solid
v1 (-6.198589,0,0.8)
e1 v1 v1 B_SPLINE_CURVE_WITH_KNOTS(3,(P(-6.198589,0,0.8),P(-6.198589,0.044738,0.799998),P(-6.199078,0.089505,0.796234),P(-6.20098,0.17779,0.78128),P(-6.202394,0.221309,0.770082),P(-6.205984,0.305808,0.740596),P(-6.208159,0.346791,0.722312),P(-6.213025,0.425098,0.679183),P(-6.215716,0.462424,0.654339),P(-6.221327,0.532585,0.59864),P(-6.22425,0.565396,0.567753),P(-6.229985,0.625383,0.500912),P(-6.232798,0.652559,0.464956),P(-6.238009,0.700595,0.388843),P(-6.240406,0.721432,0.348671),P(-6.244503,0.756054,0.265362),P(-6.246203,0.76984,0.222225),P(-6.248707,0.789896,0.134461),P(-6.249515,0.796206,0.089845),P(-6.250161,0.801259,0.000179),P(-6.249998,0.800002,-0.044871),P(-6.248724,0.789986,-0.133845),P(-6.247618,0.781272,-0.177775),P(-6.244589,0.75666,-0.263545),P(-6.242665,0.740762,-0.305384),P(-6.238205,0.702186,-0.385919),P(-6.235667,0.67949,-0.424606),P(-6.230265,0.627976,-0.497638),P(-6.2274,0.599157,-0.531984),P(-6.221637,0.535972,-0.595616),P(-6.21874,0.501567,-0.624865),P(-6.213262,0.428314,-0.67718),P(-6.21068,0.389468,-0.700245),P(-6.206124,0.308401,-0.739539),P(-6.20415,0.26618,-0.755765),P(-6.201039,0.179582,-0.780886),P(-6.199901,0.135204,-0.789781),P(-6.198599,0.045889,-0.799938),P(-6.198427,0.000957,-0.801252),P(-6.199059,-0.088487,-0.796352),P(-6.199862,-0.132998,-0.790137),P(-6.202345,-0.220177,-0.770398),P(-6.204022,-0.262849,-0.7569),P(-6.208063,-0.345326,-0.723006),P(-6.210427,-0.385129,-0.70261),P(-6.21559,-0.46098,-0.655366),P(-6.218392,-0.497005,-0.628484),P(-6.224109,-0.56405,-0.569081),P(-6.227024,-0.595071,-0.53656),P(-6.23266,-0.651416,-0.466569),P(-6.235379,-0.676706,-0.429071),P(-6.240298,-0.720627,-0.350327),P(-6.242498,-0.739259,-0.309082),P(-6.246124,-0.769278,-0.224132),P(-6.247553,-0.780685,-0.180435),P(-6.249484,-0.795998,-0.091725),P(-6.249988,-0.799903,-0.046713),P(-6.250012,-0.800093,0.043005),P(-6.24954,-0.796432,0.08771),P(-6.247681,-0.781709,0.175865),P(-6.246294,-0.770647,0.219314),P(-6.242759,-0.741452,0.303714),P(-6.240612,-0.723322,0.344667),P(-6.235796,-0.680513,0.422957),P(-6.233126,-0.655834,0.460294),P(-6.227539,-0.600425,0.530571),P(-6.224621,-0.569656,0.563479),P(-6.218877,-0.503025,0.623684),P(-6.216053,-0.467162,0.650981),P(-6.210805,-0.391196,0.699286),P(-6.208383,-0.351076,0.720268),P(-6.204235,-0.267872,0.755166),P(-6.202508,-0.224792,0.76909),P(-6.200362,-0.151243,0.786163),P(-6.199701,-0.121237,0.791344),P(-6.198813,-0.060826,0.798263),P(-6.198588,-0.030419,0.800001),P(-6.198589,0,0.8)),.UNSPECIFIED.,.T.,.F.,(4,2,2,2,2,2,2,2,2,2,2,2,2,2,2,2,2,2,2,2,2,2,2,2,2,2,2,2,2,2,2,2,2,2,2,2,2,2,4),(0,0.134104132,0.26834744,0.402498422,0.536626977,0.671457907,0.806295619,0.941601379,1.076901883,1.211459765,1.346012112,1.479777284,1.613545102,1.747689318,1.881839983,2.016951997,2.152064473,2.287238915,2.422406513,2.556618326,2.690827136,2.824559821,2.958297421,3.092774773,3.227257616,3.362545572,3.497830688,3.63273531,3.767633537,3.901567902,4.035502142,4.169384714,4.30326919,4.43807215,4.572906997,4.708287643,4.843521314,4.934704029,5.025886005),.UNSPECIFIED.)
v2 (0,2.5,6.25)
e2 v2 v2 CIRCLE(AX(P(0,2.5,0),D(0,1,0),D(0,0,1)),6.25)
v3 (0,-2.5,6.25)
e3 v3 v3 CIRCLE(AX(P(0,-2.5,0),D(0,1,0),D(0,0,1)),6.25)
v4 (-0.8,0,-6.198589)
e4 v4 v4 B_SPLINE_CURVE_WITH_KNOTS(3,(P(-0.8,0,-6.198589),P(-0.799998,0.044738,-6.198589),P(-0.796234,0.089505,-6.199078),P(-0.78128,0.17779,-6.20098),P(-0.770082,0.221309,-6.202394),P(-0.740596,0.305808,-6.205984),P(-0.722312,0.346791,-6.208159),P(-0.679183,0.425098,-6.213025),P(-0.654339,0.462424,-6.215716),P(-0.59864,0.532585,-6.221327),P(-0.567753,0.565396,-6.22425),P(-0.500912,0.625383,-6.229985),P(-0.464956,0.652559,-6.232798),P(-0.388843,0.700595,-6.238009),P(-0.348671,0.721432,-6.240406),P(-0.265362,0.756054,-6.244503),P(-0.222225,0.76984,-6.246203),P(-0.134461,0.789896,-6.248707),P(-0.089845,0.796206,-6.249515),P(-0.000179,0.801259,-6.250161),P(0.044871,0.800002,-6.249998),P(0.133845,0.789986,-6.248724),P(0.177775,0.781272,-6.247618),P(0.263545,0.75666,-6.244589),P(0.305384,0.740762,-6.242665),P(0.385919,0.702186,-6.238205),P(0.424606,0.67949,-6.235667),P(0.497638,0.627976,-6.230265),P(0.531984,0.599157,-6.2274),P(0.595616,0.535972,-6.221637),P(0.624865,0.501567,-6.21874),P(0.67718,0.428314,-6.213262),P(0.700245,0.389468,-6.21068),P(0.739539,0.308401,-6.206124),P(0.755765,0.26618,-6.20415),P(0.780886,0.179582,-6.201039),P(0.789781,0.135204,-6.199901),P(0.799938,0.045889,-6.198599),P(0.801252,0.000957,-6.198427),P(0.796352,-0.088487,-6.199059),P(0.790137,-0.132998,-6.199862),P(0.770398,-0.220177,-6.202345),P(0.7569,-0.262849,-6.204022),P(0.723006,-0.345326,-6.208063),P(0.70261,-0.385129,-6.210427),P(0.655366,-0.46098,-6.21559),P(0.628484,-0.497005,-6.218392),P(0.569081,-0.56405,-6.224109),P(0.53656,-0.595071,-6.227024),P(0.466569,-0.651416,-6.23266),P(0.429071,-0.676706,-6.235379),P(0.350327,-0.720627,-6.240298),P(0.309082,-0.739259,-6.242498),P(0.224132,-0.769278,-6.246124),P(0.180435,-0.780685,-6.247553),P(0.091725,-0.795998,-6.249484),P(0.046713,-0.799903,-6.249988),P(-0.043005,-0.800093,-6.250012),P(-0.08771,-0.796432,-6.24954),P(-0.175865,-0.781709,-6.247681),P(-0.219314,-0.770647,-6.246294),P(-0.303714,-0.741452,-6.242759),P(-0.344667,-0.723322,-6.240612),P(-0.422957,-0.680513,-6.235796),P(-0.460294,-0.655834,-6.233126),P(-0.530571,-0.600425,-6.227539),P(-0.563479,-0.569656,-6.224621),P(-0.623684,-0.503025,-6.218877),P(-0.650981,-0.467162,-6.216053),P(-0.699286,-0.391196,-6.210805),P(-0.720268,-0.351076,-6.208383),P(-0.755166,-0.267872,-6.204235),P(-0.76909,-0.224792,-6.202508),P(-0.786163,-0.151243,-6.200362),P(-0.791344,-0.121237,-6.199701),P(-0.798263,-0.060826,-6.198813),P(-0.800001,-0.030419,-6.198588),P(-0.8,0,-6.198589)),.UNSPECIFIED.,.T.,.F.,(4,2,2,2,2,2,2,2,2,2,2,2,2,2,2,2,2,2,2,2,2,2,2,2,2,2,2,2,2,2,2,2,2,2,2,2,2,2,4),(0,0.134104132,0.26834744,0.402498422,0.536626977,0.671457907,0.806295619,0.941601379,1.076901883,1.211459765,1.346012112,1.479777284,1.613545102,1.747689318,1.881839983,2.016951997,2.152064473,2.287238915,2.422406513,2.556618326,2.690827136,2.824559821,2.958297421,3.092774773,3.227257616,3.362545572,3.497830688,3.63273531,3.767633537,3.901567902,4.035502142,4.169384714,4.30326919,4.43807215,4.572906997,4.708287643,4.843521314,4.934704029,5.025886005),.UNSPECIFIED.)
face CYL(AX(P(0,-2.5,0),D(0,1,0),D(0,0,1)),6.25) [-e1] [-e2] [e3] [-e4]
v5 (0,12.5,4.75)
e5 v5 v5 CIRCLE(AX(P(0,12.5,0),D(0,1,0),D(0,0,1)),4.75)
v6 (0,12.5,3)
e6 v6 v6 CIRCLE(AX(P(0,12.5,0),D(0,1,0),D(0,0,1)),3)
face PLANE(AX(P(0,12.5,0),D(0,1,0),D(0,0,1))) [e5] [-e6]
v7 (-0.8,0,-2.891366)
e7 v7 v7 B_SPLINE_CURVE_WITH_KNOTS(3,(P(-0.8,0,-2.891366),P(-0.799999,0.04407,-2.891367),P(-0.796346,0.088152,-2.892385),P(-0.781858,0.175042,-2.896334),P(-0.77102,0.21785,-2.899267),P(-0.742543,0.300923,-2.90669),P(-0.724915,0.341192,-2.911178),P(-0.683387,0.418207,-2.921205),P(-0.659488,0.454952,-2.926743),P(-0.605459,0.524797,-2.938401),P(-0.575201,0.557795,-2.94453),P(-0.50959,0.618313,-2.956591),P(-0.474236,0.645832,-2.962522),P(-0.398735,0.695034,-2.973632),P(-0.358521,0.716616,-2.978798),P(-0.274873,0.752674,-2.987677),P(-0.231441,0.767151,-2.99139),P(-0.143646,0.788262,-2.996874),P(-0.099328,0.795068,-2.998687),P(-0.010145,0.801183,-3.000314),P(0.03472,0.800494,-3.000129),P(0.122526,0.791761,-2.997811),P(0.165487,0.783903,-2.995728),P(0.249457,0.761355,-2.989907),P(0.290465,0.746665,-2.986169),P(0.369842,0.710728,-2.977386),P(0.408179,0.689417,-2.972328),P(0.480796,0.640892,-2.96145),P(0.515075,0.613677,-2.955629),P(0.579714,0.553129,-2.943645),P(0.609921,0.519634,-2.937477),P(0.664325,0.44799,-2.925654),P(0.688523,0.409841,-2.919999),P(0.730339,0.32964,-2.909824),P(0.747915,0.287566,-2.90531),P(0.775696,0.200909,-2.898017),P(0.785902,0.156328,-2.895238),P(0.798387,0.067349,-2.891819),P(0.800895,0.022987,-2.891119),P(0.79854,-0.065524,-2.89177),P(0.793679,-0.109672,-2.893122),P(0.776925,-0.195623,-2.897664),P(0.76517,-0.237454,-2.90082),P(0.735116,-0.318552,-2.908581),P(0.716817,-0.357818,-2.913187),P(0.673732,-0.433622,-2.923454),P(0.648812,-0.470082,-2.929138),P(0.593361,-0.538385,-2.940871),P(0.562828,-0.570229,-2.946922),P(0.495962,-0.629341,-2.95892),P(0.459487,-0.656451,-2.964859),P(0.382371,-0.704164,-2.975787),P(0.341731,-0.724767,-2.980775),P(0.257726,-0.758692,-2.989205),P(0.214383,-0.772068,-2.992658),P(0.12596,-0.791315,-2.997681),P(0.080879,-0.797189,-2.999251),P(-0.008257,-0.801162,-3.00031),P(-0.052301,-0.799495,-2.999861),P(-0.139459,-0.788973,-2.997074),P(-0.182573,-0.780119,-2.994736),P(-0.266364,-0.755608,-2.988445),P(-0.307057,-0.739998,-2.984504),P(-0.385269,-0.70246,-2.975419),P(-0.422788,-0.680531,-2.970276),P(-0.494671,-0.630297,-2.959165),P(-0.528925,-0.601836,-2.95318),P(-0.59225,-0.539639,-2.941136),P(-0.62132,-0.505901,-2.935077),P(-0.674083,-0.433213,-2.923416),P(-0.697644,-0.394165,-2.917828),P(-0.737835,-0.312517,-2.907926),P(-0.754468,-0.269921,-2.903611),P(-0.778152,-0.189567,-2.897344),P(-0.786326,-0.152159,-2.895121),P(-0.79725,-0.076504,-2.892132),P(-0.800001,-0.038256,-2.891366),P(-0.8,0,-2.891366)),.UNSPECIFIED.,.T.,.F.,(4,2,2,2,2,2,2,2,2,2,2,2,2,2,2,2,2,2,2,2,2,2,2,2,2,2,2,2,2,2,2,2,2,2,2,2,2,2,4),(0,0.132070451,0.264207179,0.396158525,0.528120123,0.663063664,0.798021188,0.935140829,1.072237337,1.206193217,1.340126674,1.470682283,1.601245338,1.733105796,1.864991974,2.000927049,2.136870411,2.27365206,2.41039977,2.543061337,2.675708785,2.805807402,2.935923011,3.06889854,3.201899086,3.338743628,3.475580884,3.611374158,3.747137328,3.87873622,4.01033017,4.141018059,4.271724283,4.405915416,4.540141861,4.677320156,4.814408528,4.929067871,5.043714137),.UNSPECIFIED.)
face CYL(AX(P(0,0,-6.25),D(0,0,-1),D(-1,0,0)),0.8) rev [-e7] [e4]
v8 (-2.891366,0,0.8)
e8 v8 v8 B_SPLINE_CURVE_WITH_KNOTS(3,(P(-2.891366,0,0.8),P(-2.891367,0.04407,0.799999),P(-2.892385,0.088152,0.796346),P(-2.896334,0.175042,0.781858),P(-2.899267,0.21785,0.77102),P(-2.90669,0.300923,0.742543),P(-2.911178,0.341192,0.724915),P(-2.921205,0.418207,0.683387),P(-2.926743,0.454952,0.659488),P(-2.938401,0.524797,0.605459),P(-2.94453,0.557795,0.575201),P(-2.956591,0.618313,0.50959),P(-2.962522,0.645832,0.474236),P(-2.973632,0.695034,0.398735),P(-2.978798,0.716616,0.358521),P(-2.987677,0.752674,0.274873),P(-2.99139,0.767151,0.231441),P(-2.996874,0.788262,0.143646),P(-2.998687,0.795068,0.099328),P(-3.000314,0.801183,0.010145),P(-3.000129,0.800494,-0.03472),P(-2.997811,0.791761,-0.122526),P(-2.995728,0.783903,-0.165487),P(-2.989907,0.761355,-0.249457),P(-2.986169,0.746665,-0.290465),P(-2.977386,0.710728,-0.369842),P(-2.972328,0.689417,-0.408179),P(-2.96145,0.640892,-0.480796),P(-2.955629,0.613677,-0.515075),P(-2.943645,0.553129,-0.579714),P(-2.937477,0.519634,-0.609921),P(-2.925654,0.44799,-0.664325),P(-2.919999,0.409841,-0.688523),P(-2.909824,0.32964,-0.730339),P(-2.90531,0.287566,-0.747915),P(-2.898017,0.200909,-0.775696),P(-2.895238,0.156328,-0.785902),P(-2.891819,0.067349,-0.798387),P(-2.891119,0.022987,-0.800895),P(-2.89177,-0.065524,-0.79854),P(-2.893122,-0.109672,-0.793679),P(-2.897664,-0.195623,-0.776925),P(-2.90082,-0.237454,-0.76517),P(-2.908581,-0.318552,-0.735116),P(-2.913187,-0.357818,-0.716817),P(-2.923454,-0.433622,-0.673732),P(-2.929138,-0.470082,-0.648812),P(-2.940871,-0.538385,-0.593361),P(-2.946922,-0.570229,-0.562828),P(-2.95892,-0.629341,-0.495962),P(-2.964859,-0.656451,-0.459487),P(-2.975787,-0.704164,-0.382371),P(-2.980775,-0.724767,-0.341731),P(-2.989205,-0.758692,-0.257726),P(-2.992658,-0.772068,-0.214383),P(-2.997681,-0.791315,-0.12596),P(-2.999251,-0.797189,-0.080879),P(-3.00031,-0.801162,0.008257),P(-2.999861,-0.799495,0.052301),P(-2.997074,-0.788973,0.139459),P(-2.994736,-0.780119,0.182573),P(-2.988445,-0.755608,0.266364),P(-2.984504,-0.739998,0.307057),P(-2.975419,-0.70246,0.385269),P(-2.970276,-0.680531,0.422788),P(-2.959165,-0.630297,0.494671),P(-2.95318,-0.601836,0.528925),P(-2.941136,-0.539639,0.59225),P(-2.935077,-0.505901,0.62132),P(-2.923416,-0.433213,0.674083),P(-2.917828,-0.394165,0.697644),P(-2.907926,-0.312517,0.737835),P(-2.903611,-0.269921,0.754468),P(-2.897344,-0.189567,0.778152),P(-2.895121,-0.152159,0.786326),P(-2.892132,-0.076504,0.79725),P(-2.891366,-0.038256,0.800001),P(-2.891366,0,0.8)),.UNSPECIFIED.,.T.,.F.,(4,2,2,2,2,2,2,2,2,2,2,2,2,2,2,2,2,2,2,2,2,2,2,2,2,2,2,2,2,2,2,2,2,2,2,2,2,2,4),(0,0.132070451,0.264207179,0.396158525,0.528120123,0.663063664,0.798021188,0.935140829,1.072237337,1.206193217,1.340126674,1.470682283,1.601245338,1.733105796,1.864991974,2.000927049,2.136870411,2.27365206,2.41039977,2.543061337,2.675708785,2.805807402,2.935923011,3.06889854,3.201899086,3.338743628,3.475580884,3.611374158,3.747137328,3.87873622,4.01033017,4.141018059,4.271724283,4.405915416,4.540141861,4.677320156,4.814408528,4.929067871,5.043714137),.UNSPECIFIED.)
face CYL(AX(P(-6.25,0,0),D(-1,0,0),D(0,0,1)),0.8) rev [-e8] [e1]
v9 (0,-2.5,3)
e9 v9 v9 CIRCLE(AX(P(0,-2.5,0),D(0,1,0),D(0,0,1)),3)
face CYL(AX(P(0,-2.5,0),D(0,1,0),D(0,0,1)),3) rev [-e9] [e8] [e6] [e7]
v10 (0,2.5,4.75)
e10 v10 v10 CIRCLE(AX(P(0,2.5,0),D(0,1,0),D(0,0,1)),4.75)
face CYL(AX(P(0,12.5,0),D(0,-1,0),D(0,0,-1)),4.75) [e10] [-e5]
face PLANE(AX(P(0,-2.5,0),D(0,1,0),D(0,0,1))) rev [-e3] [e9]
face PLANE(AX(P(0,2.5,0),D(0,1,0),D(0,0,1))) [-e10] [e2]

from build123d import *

# Parameters (mm, degrees)
SKETCH1_R                           = 6.25
SKETCH1_R_2                         = 3
EXTRUDE1_DEPTH                      = 2.5
EXTRUDE1_DEPTH_BACK                 = 2.5
SKETCH2_R                           = 4.75
SKETCH2_R_2                         = 3
EXTRUDE2_DEPTH                      = 10
M2X0_4_TAPPED_HOLE1_D               = 1.6
M2X0_4_TAPPED_HOLE1_DEPTH           = 5.2
M2X0_4_TAPPED_HOLE1_TIP             = 0.480688495
M2X0_4_TAPPED_HOLE1_ON_FACE_2_D     = 1.6
M2X0_4_TAPPED_HOLE1_ON_FACE_2_DEPTH = 5.2
M2X0_4_TAPPED_HOLE1_ON_FACE_2_TIP   = 0.480688495


with BuildPart() as part:
    # Sketch1 → Extrude1 (new body, two sides)
    with BuildSketch(Plane(origin=(0, 0, 0), x_dir=(1, 0, 0), z_dir=(0, 1, 0))) as extrude1_sk:
        with Locations(Location((0, 0, 0), (0, 0, 270))):  # turned: the seam where the file's is
            Circle(SKETCH1_R)
        with Locations(Location((0, 0, 0), (0, 0, 270))):  # turned: the seam where the file's is
            Circle(SKETCH1_R_2, mode=Mode.SUBTRACT)
    extrude(amount=EXTRUDE1_DEPTH)
    extrude(extrude1_sk.sketch, amount=-EXTRUDE1_DEPTH_BACK)

    # Sketch2 → Extrude2 (add)
    with BuildSketch(Plane(origin=(0, 2.5, 0), x_dir=(1, 0, 0), z_dir=(0, 1, 0))):
        with Locations(Location((0, 0, 0), (0, 0, 270))):  # turned: the seam where the file's is
            Circle(SKETCH2_R)
        with Locations(Location((0, 0, 0), (0, 0, 270))):  # turned: the seam where the file's is
            Circle(SKETCH2_R_2, mode=Mode.SUBTRACT)
    extrude(amount=EXTRUDE2_DEPTH)

    # M2x0.4 Tapped Hole1
    with Locations(Plane(origin=(0, 0, -6.25), x_dir=(-1, 0, 0), z_dir=(0, 0, -1))):
        with Locations((0, 0)):
            Hole(M2X0_4_TAPPED_HOLE1_D / 2, depth=M2X0_4_TAPPED_HOLE1_DEPTH)
            with Locations((0, 0, -(M2X0_4_TAPPED_HOLE1_DEPTH + M2X0_4_TAPPED_HOLE1_TIP / 2))):  # 118° drill point
                Cone(0, M2X0_4_TAPPED_HOLE1_D / 2, M2X0_4_TAPPED_HOLE1_TIP, mode=Mode.SUBTRACT)

    # M2x0.4 Tapped Hole1 on face 2
    with Locations(Plane(origin=(-6.25, 0, 0), x_dir=(0, 0, -1), z_dir=(-1, 0, 0))):
        with Locations((0, 0)):
            Hole(M2X0_4_TAPPED_HOLE1_ON_FACE_2_D / 2, depth=M2X0_4_TAPPED_HOLE1_ON_FACE_2_DEPTH)
            with Locations((0, 0, -(M2X0_4_TAPPED_HOLE1_ON_FACE_2_DEPTH + M2X0_4_TAPPED_HOLE1_ON_FACE_2_TIP / 2))):  # 118° drill point
                Cone(0, M2X0_4_TAPPED_HOLE1_ON_FACE_2_D / 2, M2X0_4_TAPPED_HOLE1_ON_FACE_2_TIP, mode=Mode.SUBTRACT)


solid = part.part
